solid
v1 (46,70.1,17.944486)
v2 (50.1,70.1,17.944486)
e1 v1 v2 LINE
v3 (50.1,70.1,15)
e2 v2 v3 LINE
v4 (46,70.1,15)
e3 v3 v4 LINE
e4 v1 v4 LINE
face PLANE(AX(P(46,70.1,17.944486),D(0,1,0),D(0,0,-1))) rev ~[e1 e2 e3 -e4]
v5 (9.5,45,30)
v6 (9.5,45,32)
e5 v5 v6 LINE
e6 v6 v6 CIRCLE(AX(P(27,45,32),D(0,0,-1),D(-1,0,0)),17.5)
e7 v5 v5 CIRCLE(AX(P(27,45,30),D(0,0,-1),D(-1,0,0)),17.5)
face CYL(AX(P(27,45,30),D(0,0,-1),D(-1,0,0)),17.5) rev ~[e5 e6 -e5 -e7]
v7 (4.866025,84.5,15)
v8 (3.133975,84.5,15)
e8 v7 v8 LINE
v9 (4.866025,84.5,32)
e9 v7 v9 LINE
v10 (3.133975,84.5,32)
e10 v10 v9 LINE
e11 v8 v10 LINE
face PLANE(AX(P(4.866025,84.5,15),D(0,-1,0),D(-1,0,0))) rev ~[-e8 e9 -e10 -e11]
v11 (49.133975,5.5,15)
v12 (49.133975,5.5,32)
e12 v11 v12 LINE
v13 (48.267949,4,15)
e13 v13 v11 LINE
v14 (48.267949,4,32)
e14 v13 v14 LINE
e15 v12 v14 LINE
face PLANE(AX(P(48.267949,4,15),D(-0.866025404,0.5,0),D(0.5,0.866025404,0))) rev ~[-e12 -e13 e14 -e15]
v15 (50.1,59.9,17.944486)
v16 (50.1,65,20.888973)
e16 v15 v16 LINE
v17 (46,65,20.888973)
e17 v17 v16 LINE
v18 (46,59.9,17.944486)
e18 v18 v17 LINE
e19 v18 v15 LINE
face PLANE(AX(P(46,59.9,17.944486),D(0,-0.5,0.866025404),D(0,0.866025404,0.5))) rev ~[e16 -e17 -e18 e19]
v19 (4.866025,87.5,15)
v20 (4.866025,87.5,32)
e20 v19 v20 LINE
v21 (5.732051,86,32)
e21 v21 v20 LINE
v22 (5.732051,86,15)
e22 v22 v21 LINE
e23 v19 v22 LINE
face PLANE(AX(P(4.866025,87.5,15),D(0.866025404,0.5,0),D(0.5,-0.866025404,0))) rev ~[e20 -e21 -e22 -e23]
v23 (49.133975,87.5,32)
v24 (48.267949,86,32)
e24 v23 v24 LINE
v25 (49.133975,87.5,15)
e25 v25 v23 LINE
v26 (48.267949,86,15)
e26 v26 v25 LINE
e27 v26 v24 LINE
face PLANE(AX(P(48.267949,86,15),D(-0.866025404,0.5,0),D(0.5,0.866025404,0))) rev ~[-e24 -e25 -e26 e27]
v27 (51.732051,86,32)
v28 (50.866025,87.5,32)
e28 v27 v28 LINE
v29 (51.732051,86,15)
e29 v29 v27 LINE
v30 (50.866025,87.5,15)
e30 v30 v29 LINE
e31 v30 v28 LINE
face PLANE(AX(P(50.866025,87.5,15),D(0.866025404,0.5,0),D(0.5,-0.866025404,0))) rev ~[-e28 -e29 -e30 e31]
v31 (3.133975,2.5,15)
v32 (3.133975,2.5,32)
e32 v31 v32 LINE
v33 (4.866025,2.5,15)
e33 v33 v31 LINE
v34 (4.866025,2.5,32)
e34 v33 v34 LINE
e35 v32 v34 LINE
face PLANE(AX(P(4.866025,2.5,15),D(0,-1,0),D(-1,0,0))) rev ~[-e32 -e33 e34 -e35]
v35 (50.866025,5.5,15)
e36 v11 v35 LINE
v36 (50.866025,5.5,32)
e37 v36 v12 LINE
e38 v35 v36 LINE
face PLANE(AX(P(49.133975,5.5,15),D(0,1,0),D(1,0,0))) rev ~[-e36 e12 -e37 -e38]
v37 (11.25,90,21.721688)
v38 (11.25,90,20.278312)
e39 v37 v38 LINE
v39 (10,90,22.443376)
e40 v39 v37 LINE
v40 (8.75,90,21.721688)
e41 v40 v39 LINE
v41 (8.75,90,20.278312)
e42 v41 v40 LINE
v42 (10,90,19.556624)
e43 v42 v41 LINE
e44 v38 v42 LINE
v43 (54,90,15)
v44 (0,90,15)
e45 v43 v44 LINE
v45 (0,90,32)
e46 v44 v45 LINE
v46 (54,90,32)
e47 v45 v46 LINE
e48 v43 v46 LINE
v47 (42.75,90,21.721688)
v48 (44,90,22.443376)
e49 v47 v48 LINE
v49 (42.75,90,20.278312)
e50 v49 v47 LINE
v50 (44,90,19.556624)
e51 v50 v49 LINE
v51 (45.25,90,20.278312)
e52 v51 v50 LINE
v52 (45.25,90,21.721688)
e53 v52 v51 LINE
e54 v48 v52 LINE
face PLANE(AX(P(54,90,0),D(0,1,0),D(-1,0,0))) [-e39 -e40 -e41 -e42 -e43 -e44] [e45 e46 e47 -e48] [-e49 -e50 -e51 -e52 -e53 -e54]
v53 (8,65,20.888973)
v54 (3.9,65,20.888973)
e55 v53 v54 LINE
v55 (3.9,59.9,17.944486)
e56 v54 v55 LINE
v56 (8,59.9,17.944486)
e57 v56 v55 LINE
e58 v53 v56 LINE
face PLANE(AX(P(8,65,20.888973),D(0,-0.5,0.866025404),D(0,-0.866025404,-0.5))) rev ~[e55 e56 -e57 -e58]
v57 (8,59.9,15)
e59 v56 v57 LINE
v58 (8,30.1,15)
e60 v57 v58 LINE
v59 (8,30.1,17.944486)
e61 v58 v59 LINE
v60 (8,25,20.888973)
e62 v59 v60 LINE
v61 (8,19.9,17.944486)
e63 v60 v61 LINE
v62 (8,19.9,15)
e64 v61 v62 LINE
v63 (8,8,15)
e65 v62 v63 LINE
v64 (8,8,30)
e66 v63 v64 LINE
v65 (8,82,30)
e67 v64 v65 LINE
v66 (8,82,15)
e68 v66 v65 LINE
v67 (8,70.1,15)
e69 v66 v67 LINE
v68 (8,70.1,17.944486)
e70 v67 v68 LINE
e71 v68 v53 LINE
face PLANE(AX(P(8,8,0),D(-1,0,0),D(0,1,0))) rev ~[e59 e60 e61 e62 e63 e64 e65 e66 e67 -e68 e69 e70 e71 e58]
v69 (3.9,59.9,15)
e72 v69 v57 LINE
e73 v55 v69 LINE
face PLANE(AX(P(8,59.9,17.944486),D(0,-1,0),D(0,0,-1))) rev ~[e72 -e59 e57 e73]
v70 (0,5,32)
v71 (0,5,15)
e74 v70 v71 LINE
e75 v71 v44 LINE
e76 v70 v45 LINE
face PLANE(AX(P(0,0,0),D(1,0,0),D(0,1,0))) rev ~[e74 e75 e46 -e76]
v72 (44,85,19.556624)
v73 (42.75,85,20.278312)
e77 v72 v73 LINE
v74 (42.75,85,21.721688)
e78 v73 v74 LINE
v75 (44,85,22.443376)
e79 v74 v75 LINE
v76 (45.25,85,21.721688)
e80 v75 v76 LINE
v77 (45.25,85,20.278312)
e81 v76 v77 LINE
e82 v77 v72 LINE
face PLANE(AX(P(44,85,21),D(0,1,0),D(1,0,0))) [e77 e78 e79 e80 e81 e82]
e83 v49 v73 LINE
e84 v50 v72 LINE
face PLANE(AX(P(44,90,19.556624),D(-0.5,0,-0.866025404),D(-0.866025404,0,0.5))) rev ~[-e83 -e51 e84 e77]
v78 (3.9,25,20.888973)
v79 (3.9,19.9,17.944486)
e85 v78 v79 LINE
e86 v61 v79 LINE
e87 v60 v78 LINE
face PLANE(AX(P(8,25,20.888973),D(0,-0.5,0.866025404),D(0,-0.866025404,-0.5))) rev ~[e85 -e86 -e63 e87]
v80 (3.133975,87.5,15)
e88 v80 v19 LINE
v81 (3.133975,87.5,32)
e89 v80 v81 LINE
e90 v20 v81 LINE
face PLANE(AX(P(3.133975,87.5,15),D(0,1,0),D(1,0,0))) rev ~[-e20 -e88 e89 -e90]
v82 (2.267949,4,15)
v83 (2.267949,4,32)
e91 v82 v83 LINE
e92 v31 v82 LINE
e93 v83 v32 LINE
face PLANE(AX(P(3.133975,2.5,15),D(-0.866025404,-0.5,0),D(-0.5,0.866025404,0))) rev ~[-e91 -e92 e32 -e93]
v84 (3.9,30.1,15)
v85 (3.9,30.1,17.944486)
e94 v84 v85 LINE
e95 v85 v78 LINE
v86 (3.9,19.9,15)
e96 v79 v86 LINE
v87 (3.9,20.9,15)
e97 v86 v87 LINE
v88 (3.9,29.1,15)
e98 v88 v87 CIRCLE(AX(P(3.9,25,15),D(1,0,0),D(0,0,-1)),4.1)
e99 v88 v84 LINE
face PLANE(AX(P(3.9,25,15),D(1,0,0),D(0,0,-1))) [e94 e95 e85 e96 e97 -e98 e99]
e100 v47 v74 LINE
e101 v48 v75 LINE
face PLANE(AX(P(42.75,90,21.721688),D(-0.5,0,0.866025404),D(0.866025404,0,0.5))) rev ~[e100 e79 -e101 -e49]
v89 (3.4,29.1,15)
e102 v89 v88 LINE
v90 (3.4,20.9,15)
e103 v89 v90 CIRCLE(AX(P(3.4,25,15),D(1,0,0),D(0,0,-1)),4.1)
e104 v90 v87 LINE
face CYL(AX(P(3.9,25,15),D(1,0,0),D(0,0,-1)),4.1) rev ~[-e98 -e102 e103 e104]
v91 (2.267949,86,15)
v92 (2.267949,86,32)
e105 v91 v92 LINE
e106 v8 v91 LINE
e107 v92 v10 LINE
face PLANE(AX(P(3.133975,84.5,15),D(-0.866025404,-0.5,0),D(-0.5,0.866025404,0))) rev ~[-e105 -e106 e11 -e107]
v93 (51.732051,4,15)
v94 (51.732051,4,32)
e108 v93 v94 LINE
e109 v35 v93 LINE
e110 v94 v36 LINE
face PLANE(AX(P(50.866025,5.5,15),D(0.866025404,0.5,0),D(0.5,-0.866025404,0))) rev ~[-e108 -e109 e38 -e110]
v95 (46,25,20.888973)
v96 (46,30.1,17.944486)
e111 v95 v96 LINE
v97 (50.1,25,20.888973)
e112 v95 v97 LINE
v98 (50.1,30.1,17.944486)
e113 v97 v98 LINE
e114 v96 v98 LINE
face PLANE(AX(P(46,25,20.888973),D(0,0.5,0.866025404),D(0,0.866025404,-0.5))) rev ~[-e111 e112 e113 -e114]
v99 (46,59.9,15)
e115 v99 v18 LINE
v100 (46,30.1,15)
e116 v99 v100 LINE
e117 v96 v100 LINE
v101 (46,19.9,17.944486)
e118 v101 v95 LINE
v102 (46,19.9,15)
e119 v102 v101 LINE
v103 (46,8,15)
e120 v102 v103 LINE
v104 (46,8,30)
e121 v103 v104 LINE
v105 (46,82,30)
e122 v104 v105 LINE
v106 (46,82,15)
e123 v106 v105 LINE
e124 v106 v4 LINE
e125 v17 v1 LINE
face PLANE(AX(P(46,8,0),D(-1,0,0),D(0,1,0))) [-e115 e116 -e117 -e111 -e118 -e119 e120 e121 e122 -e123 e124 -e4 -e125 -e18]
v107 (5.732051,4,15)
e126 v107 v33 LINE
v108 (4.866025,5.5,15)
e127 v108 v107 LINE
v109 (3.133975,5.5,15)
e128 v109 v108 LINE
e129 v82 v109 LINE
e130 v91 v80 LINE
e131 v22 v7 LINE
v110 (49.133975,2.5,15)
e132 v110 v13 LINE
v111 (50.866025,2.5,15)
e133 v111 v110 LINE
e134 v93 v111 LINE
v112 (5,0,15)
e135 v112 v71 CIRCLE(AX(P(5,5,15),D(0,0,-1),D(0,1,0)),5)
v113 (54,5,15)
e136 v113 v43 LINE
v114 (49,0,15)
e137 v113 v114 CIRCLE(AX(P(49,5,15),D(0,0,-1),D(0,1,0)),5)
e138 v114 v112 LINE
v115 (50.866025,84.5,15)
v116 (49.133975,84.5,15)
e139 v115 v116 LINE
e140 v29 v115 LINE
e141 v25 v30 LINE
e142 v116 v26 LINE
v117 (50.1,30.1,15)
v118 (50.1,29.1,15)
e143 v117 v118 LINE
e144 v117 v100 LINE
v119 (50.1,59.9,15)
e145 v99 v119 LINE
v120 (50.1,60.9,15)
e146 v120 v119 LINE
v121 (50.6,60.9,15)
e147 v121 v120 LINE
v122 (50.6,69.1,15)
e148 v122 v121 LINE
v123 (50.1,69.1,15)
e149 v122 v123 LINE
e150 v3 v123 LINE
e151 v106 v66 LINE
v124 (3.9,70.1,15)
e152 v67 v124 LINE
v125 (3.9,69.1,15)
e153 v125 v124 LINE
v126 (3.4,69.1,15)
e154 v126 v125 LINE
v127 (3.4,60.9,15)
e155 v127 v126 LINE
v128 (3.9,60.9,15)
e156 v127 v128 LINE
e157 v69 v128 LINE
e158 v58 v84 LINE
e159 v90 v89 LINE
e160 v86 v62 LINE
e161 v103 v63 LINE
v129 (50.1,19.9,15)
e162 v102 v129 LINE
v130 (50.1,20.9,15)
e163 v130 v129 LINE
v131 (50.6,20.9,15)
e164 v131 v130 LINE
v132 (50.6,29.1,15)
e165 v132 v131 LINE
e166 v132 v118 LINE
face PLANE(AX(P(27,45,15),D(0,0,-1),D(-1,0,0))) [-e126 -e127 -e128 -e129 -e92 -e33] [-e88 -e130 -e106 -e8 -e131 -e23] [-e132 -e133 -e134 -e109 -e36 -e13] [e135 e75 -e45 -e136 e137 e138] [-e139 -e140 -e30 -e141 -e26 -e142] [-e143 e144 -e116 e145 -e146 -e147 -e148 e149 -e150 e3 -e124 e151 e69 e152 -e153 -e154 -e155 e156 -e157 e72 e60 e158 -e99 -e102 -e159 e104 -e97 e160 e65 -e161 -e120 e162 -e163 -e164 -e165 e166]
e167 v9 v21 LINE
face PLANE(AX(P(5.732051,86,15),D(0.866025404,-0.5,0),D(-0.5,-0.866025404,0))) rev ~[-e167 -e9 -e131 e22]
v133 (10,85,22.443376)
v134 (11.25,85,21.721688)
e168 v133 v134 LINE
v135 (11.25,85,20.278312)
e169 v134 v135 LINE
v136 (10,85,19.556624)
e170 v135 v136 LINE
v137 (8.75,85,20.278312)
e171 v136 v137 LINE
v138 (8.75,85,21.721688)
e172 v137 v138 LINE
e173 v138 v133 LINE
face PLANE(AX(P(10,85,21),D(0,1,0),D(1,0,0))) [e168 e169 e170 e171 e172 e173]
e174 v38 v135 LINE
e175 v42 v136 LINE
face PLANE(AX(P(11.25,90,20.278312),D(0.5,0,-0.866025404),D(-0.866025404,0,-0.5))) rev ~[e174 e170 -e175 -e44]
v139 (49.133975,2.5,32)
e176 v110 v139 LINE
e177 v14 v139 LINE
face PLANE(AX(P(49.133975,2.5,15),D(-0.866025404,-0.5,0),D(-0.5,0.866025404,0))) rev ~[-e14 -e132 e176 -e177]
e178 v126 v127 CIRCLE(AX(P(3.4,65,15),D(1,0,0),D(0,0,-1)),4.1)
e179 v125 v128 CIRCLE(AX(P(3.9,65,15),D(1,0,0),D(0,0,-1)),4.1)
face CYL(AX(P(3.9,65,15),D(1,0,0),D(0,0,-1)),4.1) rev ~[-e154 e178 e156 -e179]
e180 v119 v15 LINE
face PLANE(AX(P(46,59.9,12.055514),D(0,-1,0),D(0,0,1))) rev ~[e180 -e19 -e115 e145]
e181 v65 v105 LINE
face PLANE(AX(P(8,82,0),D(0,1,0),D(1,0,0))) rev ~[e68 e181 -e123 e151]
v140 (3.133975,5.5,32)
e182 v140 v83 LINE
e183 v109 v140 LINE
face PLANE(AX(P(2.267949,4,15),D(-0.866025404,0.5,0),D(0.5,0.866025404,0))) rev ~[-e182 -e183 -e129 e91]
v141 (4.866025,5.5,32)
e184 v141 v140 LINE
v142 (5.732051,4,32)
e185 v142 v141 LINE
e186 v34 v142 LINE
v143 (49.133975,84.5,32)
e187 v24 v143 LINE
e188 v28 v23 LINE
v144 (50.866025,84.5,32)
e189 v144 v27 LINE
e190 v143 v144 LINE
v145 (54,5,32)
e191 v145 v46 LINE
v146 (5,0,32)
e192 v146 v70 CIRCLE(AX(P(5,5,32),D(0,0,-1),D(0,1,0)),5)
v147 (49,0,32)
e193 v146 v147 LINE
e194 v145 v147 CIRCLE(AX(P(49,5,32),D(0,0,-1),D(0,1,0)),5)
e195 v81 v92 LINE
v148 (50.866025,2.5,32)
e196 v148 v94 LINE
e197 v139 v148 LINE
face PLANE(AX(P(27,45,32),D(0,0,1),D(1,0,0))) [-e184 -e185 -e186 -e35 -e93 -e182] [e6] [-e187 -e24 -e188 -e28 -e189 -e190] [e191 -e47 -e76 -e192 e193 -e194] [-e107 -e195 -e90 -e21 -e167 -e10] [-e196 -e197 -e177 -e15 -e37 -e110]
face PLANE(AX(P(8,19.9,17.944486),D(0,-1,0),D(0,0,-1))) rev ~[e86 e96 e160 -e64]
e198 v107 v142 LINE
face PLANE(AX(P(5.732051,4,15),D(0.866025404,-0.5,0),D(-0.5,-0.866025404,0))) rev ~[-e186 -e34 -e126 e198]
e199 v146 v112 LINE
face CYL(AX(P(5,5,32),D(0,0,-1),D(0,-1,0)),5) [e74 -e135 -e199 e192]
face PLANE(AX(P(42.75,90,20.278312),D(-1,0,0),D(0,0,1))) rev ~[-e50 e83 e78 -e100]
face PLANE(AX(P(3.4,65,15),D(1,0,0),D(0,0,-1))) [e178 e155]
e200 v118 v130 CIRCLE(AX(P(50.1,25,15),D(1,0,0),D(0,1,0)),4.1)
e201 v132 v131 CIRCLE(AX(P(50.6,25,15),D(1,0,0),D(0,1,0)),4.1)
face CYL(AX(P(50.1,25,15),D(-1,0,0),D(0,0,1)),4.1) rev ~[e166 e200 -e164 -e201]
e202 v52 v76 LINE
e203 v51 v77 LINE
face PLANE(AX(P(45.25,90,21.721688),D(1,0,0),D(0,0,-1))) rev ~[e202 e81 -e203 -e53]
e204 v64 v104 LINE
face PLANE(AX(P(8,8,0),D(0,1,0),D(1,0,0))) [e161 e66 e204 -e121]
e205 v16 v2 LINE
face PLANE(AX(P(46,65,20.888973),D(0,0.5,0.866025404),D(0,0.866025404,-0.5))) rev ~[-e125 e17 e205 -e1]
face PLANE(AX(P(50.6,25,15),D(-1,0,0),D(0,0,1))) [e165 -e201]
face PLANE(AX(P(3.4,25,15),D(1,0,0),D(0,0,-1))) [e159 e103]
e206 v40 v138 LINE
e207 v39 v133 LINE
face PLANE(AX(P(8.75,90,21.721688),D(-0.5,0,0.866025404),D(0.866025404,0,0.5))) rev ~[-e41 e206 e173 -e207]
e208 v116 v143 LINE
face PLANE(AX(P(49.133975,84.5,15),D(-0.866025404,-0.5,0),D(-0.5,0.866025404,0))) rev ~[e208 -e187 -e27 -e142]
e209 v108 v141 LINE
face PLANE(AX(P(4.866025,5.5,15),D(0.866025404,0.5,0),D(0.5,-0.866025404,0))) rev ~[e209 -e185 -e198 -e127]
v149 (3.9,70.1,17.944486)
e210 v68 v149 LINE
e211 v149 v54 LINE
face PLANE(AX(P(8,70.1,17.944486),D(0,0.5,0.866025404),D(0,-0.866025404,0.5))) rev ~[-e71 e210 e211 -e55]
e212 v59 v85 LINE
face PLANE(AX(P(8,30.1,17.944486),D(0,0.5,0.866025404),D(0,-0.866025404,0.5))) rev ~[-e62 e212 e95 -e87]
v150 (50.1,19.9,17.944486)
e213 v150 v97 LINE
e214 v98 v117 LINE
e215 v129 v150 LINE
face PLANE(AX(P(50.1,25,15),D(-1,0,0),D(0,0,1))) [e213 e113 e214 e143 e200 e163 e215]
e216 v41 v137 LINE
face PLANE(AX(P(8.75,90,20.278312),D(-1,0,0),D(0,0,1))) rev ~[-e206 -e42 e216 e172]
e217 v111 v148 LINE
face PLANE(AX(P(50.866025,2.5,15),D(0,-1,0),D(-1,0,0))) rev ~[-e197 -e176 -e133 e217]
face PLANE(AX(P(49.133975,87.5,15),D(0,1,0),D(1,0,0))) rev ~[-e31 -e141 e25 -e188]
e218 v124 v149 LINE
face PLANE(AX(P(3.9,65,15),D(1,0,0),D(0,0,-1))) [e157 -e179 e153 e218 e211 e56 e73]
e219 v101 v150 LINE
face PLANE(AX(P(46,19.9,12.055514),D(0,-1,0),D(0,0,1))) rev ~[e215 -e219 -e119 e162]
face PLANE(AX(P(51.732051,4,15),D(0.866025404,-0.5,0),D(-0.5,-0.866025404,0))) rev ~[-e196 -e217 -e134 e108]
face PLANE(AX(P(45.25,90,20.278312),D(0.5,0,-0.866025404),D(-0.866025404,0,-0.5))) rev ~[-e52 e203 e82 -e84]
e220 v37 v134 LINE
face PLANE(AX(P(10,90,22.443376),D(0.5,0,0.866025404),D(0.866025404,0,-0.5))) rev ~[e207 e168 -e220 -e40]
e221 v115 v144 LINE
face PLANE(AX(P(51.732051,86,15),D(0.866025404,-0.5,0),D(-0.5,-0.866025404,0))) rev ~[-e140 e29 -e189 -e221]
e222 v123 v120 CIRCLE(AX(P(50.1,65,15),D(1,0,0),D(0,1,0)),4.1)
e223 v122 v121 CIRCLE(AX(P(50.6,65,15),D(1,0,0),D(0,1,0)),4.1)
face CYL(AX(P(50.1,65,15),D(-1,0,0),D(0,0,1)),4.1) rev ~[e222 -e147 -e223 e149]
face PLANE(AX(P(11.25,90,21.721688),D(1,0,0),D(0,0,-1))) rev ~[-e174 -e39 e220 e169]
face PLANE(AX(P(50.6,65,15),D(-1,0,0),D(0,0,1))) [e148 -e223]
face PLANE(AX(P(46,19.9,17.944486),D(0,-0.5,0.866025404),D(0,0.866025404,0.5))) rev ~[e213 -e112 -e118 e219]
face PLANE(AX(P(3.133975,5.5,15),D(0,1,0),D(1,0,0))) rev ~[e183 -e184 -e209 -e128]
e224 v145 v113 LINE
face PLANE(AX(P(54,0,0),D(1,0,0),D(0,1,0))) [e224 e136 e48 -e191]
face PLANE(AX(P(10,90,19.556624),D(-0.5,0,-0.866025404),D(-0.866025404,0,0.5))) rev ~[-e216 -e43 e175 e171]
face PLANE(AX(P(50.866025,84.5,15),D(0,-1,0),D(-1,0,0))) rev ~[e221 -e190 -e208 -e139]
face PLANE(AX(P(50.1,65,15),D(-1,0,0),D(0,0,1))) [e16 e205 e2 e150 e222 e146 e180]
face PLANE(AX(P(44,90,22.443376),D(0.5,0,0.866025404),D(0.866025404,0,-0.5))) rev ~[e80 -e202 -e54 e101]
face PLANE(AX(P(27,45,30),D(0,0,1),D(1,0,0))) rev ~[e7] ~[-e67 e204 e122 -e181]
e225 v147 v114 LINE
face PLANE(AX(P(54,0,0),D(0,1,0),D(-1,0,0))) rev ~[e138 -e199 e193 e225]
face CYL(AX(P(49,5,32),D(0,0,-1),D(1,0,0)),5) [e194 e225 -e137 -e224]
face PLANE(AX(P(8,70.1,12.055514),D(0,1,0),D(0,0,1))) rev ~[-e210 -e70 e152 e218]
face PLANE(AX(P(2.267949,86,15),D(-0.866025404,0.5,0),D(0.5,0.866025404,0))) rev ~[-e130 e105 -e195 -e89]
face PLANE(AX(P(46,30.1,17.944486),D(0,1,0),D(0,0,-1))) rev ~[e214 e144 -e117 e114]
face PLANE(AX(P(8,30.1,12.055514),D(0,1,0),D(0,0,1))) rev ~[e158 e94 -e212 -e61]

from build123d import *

# Parameters (mm, degrees)
SKETCH1_W           = 54
SKETCH1_H           = 90
SKETCH1_W_2         = 38
SKETCH1_H_2         = 74
BOSS_EXTRUDE1_DEPTH = 30
CUT_EXTRUDE1_DEPTH  = 4.1
SKETCH5_R           = 4.1
CUT_EXTRUDE2_DEPTH  = 0.5
CUT_EXTRUDE3_DEPTH  = 4.1
SKETCH7_R           = 4.1
CUT_EXTRUDE4_DEPTH  = 0.5
SKETCH8_W           = 54
SKETCH8_H           = 90
BOSS_EXTRUDE2_DEPTH = 2
SKETCH9_W           = 54
SKETCH9_H           = 90
BOSS_EXTRUDE3_DEPTH = 2
SKETCH12_W          = 54
SKETCH12_H          = 90
CUT_EXTRUDE7_DEPTH  = 17
CUT_EXTRUDE8_DEPTH  = 18
SKETCH14_R          = 17.5
CUT_EXTRUDE9_DEPTH  = 3
CUT_EXTRUDE10_DEPTH = 5
FILLET1_R           = 5


with BuildPart() as part:
    # Sketch1 → Boss-Extrude1 (new body)
    with BuildSketch(Plane.XY):
        with Locations((27, 45)):
            Rectangle(SKETCH1_W, SKETCH1_H)
        with Locations((27, 45)):
            Rectangle(SKETCH1_W_2, SKETCH1_H_2, mode=Mode.SUBTRACT)
    extrude(amount=BOSS_EXTRUDE1_DEPTH)

    # Sketch2 → Cut-Extrude1 (cut)
    with BuildSketch(Plane.ZY.offset(-46)):
        Polygon((20.888972746, 65), (17.944486373, 70.1), (12.055513627, 70.1), (9.111027254, 65), (12.055513627, 59.9), (17.944486373, 59.9), align=None)
        Polygon((20.888972746, 25), (17.944486373, 30.1), (12.055513627, 30.1), (9.111027254, 25), (12.055513627, 19.9), (17.944486373, 19.9), align=None)
    extrude(amount=-CUT_EXTRUDE1_DEPTH, mode=Mode.SUBTRACT)

    # Sketch5 → Cut-Extrude2 (cut)
    with BuildSketch(Plane.ZY.offset(-50.1)):
        with Locations((15, 65)):
            Circle(SKETCH5_R)
        with Locations((15, 25)):
            Circle(SKETCH5_R)
    extrude(amount=-CUT_EXTRUDE2_DEPTH, mode=Mode.SUBTRACT)

    # Sketch6 → Cut-Extrude3 (cut)
    with BuildSketch(Plane(origin=(8, 0, 0), x_dir=(0, 0, -1), z_dir=(1, 0, 0))):
        Polygon((-9.111027254, 65), (-12.055513627, 70.1), (-17.944486373, 70.1), (-20.888972746, 65), (-17.944486373, 59.9), (-12.055513627, 59.9), align=None)
        Polygon((-9.111027254, 25), (-12.055513627, 30.1), (-17.944486373, 30.1), (-20.888972746, 25), (-17.944486373, 19.9), (-12.055513627, 19.9), align=None)
    extrude(amount=-CUT_EXTRUDE3_DEPTH, mode=Mode.SUBTRACT)

    # Sketch7 → Cut-Extrude4 (cut)
    with BuildSketch(Plane(origin=(3.9, 0, 0), x_dir=(0, 0, -1), z_dir=(1, 0, 0))):
        with Locations((-15, 65)):
            Circle(SKETCH7_R)
        with Locations((-15, 25)):
            Circle(SKETCH7_R)
    extrude(amount=-CUT_EXTRUDE4_DEPTH, mode=Mode.SUBTRACT)

    # Sketch8 → Boss-Extrude2 (add)
    with BuildSketch(Plane.XY.offset(30)):
        with Locations((27, 45)):
            Rectangle(SKETCH8_W, SKETCH8_H)
    extrude(amount=BOSS_EXTRUDE2_DEPTH)

    # Sketch9 → Boss-Extrude3 (add)
    with BuildSketch(Plane(origin=(0, 0, 0), x_dir=(-1, 0, 0), z_dir=(0, 0, -1))):
        with Locations((-27, 45)):
            Rectangle(SKETCH9_W, SKETCH9_H)
    extrude(amount=BOSS_EXTRUDE3_DEPTH)

    # Sketch12 → Cut-Extrude7 (cut)
    with BuildSketch(Plane(origin=(0, 0, -2), x_dir=(-1, 0, 0), z_dir=(0, 0, -1))):
        with Locations((-27, 45)):
            Rectangle(SKETCH12_W, SKETCH12_H)
    extrude(amount=-CUT_EXTRUDE7_DEPTH, mode=Mode.SUBTRACT)

    # Sketch13 → Cut-Extrude8 (cut, through all)
    with BuildSketch(Plane(origin=(0, 0, 15), x_dir=(-1, 0, 0), z_dir=(0, 0, -1))):
        Polygon((-48.267949192, 86), (-49.133974596, 87.5), (-50.866025404, 87.5), (-51.732050808, 86), (-50.866025404, 84.5), (-49.133974596, 84.5), align=None)
        Polygon((-2.267949192, 86), (-3.133974596, 87.5), (-4.866025404, 87.5), (-5.732050808, 86), (-4.866025404, 84.5), (-3.133974596, 84.5), align=None)
        Polygon((-48.267949192, 4), (-49.133974596, 5.5), (-50.866025404, 5.5), (-51.732050808, 4), (-50.866025404, 2.5), (-49.133974596, 2.5), align=None)
        Polygon((-5.732050808, 4), (-4.866025404, 2.5), (-3.133974596, 2.5), (-2.267949192, 4), (-3.133974596, 5.5), (-4.866025404, 5.5), align=None)
    extrude(amount=-CUT_EXTRUDE8_DEPTH, mode=Mode.SUBTRACT)

    # Sketch14 → Cut-Extrude9 (cut, through all)
    with BuildSketch(Plane(origin=(0, 0, 30), x_dir=(-1, 0, 0), z_dir=(0, 0, -1))):
        with Locations((-27, 45)):
            Circle(SKETCH14_R)
    extrude(amount=-CUT_EXTRUDE9_DEPTH, mode=Mode.SUBTRACT)

    # Sketch15 → Cut-Extrude10 (cut)
    with BuildSketch(Plane(origin=(0, 90, 0), x_dir=(1, 0, 0), z_dir=(0, 1, 0))):
        Polygon((10, -19.556624327), (8.75, -20.278312164), (8.75, -21.721687836), (10, -22.443375673), (11.25, -21.721687836), (11.25, -20.278312164), align=None)
        Polygon((44, -19.556624327), (42.75, -20.278312164), (42.75, -21.721687836), (44, -22.443375673), (45.25, -21.721687836), (45.25, -20.278312164), align=None)
    extrude(amount=-CUT_EXTRUDE10_DEPTH, mode=Mode.SUBTRACT)

    # Fillet1
    fillet1_edges = [part.edges().sort_by_distance(p)[0] for p in [
        (54, 0, 23.5),
        (0, 0, 23.5),
    ]]
    fillet(fillet1_edges, radius=FILLET1_R)


solid = part.part
